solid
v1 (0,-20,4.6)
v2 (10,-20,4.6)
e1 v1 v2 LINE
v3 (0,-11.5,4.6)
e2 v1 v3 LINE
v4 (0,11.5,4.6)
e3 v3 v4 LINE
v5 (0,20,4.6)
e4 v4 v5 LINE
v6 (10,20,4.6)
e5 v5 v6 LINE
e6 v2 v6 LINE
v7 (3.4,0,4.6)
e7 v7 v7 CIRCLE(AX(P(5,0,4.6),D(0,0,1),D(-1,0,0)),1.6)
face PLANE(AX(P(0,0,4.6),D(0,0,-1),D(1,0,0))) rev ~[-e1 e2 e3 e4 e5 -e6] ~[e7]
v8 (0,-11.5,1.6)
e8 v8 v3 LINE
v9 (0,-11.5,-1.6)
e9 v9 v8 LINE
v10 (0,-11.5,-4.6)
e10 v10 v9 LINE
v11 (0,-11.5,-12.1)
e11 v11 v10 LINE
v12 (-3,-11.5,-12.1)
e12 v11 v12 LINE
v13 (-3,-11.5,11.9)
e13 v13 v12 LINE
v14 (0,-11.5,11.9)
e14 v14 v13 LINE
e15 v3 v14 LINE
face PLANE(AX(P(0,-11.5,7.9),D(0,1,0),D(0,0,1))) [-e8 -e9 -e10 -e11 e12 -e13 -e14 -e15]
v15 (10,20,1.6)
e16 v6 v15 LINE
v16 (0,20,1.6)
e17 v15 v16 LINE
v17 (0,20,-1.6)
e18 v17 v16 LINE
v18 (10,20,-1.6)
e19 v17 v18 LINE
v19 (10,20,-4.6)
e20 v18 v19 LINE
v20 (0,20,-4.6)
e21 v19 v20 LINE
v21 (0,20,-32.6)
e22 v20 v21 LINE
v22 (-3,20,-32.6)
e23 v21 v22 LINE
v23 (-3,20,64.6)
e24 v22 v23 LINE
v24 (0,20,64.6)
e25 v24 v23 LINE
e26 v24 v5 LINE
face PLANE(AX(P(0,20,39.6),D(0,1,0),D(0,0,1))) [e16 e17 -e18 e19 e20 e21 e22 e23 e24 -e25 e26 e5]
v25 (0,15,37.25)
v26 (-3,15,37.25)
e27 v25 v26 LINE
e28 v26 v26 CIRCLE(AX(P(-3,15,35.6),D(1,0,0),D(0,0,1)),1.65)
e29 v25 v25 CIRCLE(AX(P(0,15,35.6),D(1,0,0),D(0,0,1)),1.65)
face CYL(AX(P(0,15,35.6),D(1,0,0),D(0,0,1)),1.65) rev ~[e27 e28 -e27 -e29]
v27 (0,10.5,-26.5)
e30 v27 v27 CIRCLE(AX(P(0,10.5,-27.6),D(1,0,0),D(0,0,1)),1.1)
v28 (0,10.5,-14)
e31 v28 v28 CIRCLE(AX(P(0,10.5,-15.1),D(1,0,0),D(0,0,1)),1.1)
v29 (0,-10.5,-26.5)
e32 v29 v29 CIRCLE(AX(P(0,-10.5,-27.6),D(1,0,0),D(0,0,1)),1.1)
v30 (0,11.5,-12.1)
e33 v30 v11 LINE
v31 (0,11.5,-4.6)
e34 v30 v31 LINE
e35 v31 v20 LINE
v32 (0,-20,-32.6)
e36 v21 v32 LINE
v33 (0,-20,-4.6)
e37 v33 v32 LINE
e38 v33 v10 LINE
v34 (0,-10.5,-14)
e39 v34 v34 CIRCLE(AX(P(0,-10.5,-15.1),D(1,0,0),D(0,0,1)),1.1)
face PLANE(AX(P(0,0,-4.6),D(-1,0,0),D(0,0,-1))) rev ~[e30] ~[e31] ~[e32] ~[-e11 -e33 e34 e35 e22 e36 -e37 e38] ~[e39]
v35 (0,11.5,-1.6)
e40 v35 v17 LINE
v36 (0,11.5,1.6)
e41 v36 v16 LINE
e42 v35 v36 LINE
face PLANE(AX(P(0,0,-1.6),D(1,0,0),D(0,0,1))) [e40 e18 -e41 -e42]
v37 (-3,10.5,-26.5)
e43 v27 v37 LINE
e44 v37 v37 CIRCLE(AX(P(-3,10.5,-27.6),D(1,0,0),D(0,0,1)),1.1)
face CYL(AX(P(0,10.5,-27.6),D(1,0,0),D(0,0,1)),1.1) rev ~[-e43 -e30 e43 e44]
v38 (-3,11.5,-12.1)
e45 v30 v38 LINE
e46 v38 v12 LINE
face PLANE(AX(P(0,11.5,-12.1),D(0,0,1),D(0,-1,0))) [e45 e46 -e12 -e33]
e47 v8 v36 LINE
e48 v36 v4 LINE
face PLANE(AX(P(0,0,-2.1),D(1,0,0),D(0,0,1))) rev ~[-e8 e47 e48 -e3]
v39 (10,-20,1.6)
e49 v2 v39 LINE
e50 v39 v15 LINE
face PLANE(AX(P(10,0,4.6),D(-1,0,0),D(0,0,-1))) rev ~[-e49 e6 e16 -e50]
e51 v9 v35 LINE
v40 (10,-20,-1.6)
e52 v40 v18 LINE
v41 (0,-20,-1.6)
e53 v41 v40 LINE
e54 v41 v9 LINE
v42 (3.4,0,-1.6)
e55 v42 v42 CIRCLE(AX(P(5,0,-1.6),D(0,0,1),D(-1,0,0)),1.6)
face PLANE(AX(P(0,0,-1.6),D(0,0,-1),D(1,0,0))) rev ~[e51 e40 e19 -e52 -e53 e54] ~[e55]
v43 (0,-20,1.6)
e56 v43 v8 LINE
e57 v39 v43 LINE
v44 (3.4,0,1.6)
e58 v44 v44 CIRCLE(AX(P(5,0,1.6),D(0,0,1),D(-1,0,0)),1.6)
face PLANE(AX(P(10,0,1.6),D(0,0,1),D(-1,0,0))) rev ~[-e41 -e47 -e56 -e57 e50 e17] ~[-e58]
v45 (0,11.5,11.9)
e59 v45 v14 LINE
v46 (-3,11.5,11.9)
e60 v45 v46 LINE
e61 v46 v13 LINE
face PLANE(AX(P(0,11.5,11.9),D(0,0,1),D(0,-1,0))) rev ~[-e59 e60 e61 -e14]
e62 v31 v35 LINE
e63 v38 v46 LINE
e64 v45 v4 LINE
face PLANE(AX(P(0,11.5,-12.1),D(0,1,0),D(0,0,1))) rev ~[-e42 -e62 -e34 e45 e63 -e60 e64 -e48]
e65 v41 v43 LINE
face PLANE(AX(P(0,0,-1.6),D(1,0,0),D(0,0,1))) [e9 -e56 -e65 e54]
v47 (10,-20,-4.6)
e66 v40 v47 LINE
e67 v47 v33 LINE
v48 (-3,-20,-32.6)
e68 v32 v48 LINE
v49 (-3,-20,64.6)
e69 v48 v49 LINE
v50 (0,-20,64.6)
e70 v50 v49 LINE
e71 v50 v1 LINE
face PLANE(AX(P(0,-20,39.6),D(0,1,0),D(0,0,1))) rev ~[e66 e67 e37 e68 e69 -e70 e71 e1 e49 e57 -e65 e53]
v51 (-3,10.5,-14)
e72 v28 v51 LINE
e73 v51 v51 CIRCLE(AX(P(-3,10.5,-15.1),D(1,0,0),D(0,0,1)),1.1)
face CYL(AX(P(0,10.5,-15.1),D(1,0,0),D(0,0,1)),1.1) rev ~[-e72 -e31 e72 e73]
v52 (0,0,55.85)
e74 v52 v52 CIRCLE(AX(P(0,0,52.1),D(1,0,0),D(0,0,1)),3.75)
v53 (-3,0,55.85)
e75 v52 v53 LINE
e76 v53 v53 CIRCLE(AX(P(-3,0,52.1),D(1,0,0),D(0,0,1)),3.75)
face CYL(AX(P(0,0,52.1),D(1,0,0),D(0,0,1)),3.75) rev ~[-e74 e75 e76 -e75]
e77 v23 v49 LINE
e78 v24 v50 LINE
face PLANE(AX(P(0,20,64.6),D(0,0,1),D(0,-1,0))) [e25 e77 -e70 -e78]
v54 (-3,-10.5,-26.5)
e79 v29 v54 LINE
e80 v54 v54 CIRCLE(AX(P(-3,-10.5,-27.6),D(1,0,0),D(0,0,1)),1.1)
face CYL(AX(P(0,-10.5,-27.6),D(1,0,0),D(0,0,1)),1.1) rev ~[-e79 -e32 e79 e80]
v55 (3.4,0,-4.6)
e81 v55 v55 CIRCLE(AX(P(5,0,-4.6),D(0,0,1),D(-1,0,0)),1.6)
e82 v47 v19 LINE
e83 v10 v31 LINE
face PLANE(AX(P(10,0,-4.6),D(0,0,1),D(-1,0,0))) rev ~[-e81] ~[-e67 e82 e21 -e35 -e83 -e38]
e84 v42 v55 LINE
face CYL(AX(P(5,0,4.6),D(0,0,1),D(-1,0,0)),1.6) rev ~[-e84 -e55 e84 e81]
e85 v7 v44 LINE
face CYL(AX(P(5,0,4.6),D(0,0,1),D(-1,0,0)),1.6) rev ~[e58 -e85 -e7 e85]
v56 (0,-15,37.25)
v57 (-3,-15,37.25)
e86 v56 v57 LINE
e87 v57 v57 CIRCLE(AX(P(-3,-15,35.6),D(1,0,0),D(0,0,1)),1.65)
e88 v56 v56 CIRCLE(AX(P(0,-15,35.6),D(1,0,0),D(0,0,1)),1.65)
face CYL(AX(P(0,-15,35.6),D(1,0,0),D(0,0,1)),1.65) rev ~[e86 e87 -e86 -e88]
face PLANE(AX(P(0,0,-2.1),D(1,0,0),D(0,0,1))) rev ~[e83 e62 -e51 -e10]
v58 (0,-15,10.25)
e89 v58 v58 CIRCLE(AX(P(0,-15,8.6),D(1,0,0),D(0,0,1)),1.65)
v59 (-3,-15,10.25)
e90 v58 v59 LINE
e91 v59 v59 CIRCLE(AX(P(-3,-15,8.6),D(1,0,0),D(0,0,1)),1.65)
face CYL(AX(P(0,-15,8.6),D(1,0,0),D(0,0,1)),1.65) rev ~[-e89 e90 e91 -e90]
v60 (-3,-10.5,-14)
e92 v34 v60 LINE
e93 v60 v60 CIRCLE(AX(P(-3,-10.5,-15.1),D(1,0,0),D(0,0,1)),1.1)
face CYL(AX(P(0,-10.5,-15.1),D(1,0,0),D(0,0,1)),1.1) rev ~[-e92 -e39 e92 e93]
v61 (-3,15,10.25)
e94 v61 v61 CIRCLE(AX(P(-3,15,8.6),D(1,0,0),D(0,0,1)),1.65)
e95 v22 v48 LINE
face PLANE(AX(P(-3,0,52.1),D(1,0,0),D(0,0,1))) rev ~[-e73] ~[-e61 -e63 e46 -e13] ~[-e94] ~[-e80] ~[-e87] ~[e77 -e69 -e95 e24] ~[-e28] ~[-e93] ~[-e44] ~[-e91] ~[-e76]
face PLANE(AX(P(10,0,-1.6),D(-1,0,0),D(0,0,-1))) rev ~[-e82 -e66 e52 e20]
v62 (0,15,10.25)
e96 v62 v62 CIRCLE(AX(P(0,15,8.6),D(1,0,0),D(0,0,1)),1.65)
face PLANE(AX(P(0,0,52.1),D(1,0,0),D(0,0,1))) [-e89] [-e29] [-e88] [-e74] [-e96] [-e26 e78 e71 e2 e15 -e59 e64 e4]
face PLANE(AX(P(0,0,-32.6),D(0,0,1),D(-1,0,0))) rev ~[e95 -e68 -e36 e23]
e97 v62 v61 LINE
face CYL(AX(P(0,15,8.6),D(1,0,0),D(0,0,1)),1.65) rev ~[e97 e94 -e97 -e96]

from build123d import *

# Parameters (mm, degrees)
PAD_DEPTH       = 20
SKETCH001_R     = 1.6
POCKET_DEPTH    = 37.201
SKETCH002_R     = 1.1
SKETCH002_W     = 20
SKETCH002_H     = 23
POCKET001_DEPTH = 3.001
SKETCH003_R     = 1.65
SKETCH003_W     = 4
SKETCH003_H     = 23
POCKET002_DEPTH = 3.001
SKETCH004_W     = 25
SKETCH004_H     = 40
SKETCH004_R     = 3.75
PAD001_DEPTH    = 3


with BuildPart() as part:
    # Sketch → Pad (new body, symmetric)
    with BuildSketch(Plane.XZ):
        Polygon((-3, 39.6), (0, 39.6), (0, 4.6), (10, 4.6), (10, 1.6), (0, 1.6), (0, 0), (0, -1.6), (10, -1.6), (10, -4.6), (0, -4.6), (0, -32.6), (-3, -32.6), align=None)
    extrude(amount=PAD_DEPTH, both=True)

    # Sketch001 (on Face9 of Pad) → Pocket (cut, through all)
    with BuildSketch(Plane(origin=(0, 0, 4.6), x_dir=(-1, 0, 0), z_dir=(0, 0, 1))):
        with Locations((-5, 0)):
            Circle(SKETCH001_R)
    extrude(amount=-POCKET_DEPTH, mode=Mode.SUBTRACT)

    # Sketch002 (on Face13 of Pocket) → Pocket001 (cut, through all)
    with BuildSketch(Plane(origin=(0, 0, 0), x_dir=(0, 0, 1), z_dir=(1, 0, 0))):
        with Locations((-27.6, 10.5)):
            Circle(SKETCH002_R)
        with Locations((-15.1, 10.5)):
            Circle(SKETCH002_R)
        with Locations((-27.6, -10.5)):
            Circle(SKETCH002_R)
        with Locations((-15.1, -10.5)):
            Circle(SKETCH002_R)
        with Locations((-2.1, 0)):
            Rectangle(SKETCH002_W, SKETCH002_H)
    extrude(amount=-POCKET001_DEPTH, mode=Mode.SUBTRACT)

    # Sketch003 (on Face14 of Pocket001) → Pocket002 (cut, through all)
    with BuildSketch(Plane(origin=(0, 0, 0), x_dir=(0, 0, 1), z_dir=(1, 0, 0))):
        with Locations((8.6, 15)):
            Circle(SKETCH003_R)
        with Locations((35.6, 15)):
            Circle(SKETCH003_R)
        with Locations((35.6, -15)):
            Circle(SKETCH003_R)
        with Locations((8.6, -15)):
            Circle(SKETCH003_R)
        with Locations((9.9, 0)):
            Rectangle(SKETCH003_W, SKETCH003_H)
    extrude(amount=-POCKET002_DEPTH, mode=Mode.SUBTRACT)

    # Sketch004 (on Face12 of Pocket002) → Pad001 (join)
    with BuildSketch(Plane(origin=(0, 0, 0), x_dir=(0, 0, 1), z_dir=(1, 0, 0))):
        with Locations((52.1, 0)):
            Rectangle(SKETCH004_W, SKETCH004_H)
        with Locations((52.1, 0)):
            Circle(SKETCH004_R, mode=Mode.SUBTRACT)
    extrude(amount=-PAD001_DEPTH)


solid = part.part
